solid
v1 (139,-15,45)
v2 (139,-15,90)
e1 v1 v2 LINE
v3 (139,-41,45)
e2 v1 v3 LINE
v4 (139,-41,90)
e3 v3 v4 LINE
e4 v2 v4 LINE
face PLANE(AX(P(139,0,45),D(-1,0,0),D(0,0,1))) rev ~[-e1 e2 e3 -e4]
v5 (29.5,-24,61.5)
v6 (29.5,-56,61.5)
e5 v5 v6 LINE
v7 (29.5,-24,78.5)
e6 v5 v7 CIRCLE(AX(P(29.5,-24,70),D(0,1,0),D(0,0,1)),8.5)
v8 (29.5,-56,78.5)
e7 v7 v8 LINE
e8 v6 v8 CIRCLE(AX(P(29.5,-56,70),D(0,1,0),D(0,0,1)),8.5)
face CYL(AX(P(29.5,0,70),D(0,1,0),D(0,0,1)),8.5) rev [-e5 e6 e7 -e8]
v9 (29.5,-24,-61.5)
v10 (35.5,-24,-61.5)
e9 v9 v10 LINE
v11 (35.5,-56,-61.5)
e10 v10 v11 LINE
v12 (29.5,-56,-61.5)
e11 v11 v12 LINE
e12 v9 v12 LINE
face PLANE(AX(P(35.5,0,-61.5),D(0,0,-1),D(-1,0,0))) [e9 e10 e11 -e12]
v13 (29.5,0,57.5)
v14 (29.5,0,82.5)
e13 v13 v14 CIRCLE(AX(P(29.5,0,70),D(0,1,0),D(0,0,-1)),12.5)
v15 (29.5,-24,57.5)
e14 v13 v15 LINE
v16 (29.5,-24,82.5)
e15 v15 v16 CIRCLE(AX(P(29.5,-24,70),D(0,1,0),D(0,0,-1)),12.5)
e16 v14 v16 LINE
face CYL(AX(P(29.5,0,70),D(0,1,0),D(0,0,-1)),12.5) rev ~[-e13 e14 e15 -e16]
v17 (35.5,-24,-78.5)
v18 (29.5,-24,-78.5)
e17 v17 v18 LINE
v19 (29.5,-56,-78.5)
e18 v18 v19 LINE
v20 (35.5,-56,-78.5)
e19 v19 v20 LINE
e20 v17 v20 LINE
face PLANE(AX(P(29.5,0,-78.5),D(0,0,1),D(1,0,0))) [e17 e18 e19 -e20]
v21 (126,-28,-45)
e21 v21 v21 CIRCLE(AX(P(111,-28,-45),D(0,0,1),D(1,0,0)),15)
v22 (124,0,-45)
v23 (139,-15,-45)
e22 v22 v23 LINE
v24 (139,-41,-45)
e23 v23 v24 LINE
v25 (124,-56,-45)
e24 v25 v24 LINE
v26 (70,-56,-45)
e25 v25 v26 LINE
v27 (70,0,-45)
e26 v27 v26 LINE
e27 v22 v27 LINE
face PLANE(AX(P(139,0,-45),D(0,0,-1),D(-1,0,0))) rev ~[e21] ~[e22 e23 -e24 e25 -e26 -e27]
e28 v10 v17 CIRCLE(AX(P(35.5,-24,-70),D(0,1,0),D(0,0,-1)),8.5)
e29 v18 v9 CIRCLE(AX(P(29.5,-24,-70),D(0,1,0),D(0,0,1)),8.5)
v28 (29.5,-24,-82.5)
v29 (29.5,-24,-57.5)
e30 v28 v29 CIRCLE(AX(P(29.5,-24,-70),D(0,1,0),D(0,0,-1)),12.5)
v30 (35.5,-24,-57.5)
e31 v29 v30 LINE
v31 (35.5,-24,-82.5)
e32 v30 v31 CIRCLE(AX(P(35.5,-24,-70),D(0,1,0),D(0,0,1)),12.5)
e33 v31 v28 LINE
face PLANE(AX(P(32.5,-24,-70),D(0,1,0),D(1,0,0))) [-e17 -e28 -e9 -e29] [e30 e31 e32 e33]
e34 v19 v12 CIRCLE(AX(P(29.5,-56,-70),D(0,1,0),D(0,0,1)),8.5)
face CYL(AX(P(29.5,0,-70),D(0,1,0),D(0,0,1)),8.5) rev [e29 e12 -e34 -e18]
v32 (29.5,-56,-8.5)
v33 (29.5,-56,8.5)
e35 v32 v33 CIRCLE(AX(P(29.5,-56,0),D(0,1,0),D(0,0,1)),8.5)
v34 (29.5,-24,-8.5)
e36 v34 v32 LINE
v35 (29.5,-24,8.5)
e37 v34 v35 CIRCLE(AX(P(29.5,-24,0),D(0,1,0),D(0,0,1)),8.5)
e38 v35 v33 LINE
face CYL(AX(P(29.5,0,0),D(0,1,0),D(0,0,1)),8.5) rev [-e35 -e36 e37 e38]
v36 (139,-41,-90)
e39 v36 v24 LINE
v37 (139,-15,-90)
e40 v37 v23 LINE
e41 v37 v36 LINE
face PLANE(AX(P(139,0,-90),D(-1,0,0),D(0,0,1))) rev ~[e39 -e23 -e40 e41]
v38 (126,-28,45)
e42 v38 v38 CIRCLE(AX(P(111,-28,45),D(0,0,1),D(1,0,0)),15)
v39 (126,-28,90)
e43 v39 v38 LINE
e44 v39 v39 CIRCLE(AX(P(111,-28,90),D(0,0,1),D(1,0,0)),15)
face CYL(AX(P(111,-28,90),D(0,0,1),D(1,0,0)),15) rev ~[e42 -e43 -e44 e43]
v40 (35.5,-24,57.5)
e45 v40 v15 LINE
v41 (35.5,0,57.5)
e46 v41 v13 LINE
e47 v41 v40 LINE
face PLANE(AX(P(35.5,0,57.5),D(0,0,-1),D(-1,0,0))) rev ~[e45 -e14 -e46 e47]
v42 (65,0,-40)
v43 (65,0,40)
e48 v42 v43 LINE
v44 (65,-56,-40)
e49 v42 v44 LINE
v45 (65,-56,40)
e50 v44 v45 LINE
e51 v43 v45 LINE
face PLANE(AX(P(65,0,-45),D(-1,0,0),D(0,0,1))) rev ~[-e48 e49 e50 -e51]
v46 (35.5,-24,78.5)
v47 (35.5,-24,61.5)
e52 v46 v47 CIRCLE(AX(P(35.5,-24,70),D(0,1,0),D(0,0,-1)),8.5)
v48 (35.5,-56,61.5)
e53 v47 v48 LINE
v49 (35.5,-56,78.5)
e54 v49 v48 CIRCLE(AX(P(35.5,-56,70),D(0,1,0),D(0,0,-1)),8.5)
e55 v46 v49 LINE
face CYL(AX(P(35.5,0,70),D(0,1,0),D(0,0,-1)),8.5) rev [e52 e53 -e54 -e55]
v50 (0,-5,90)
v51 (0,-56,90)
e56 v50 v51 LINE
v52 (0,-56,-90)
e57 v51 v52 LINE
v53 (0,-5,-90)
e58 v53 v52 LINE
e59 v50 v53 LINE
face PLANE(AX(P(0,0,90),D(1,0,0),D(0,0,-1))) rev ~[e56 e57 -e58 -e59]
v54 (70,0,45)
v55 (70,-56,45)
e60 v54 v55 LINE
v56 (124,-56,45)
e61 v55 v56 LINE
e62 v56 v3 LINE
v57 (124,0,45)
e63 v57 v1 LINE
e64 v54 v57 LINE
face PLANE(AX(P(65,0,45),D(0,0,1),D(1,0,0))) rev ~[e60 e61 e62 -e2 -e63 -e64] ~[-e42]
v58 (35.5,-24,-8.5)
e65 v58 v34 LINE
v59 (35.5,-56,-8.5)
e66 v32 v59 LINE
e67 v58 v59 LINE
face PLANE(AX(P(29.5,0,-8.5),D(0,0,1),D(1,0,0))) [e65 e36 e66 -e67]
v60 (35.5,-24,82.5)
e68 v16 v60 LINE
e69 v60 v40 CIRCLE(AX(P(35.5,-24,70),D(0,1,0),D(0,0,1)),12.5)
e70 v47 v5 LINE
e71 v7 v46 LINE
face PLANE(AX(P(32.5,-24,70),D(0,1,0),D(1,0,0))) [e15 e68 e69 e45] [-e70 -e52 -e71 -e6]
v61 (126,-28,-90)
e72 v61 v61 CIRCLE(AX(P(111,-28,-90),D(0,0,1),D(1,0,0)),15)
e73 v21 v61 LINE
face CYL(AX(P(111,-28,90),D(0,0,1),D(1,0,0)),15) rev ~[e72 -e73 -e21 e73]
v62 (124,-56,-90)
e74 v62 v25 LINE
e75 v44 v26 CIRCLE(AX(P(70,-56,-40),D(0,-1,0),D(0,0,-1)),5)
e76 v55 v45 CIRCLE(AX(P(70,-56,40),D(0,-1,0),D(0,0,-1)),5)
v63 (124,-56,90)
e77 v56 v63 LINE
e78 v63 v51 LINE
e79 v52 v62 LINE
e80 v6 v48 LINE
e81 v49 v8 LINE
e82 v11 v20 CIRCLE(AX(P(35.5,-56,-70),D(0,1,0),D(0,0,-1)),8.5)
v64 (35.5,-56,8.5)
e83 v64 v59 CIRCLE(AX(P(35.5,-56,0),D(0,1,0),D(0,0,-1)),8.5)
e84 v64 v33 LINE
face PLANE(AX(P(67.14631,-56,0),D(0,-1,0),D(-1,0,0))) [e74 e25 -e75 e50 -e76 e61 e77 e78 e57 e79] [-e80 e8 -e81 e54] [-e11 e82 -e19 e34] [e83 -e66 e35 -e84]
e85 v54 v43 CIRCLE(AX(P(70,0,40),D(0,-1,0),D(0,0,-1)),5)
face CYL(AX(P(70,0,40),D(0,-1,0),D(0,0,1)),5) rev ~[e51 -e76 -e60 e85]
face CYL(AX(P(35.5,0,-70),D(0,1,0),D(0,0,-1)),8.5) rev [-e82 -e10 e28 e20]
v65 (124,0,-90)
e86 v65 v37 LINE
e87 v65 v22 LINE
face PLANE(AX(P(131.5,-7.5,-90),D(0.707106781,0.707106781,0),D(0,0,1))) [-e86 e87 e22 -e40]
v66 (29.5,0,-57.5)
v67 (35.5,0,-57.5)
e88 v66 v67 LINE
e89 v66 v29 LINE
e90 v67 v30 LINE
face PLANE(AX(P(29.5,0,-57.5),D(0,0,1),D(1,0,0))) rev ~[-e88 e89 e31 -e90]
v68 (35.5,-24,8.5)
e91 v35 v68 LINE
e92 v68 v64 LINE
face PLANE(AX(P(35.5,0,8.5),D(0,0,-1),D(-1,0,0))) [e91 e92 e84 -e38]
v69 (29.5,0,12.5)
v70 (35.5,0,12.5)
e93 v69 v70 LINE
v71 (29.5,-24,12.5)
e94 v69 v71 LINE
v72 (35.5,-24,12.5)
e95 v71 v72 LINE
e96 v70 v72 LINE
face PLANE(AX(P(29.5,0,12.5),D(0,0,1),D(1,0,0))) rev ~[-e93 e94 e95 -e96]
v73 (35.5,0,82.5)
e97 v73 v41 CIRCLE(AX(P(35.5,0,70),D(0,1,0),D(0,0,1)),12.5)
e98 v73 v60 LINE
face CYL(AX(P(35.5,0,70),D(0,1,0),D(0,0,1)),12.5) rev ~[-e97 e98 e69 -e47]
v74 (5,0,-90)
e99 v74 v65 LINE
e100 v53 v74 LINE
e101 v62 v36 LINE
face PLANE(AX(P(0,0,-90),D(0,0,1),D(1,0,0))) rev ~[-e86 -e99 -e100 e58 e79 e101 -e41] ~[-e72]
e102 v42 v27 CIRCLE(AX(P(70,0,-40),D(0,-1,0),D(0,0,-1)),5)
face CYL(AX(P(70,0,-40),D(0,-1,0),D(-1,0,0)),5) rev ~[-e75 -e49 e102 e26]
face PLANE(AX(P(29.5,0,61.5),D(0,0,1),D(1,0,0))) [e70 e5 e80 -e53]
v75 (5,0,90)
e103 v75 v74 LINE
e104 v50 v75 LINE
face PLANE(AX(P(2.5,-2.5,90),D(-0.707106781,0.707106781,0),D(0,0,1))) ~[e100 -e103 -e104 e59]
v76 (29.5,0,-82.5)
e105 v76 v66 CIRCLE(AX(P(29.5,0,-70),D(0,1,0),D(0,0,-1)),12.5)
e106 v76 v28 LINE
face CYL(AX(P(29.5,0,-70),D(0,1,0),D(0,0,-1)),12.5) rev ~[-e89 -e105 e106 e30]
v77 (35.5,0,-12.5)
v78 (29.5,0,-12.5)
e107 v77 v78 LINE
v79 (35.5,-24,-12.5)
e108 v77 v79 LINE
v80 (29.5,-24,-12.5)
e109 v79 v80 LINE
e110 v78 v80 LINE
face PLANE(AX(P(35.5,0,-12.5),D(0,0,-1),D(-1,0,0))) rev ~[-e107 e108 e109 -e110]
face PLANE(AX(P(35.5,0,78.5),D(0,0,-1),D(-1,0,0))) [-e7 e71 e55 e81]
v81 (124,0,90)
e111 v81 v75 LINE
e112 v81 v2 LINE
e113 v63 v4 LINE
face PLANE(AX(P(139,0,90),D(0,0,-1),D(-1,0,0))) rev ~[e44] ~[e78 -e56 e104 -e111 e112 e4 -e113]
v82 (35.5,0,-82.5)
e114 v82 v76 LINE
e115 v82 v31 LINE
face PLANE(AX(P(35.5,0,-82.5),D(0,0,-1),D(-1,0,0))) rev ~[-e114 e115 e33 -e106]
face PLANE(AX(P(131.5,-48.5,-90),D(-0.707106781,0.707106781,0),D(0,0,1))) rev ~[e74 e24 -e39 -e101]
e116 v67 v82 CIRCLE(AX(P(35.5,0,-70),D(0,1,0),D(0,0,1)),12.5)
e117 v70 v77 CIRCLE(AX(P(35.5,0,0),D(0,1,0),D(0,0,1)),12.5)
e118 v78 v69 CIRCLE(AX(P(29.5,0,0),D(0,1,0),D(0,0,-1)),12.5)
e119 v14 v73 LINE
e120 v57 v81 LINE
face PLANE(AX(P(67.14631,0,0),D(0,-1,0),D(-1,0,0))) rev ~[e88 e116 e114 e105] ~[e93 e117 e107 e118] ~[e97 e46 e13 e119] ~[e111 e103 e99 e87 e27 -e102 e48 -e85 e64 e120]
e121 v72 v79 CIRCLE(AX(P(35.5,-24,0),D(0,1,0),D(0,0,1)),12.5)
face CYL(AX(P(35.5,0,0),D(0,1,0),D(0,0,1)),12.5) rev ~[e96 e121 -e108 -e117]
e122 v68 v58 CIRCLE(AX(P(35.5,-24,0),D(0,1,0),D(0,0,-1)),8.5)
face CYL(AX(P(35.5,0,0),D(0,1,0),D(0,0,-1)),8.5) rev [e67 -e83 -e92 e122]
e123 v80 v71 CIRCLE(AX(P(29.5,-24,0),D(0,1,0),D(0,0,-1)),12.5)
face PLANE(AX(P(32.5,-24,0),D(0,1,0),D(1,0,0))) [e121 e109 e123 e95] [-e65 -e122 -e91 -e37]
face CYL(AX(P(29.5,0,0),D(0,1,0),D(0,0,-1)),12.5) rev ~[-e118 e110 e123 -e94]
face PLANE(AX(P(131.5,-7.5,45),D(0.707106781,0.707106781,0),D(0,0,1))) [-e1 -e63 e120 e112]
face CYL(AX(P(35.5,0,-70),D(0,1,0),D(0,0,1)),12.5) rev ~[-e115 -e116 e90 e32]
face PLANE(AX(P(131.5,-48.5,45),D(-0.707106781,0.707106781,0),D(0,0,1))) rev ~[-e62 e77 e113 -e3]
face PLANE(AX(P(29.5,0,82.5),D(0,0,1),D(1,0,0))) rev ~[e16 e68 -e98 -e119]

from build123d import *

# Parameters (mm, degrees)
EXTRUDE_1_DEPTH        = 56
CUT_EXTRUDE_1_REACH    = 176.806
CUT_EXTRUDE_2_DEPTH    = 24
PATTERN_LINEAR_1_COUNT = 3
PATTERN_LINEAR_1_PITCH = 70
SKETCH_4_R             = 15
CUT_EXTRUDE_3_DEPTH    = 235.215712539
CHAMFER_1_SIZE         = 5
CHAMFER_2_SIZE         = 15
FILLET_1_R             = 5


with BuildPart() as part:
    # 草图1 → 凸台-拉伸1 (new body)
    with BuildSketch(Plane(origin=(0, 0, 0), x_dir=(1, 0, 0), z_dir=(0, 1, 0))):
        Polygon((0, -90), (0, 90), (139, 90), (139, 45), (65, 45), (65, -45), (139, -45), (139, -90), align=None)
    extrude(amount=-EXTRUDE_1_DEPTH)

    # 草图2 → 切除-拉伸1 (cut, up to next)
    with BuildSketch(Plane(origin=(0, 0, 0), x_dir=(1, 0, 0), z_dir=(0, 1, 0)), mode=Mode.PRIVATE) as cut_extrude_1_sk1:
        with BuildLine():
            Line((29.5, 78.5), (35.5, 78.5))
            ThreePointArc((35.5, 78.5), (44, 70), (35.5, 61.5))
            Line((35.5, 61.5), (29.5, 61.5))
            ThreePointArc((29.5, 61.5), (21, 70), (29.5, 78.5))
        make_face()
    cut_extrude_1_tool1 = extrude(cut_extrude_1_sk1.sketch, amount=-CUT_EXTRUDE_1_REACH, mode=Mode.PRIVATE) & part.part
    cut_extrude_1 = cut_extrude_1_tool1.solids().sort_by_distance((32.5, 0, -70))[0]
    add(cut_extrude_1, mode=Mode.SUBTRACT)

    # 草图3 → 切除-拉伸2 (cut)
    with BuildSketch(Plane(origin=(0, 0, 0), x_dir=(1, 0, 0), z_dir=(0, 1, 0))):
        with BuildLine():
            Line((29.5, 57.5), (35.5, 57.5))
            ThreePointArc((35.5, 57.5), (48, 70), (35.5, 82.5))
            Line((35.5, 82.5), (29.5, 82.5))
            ThreePointArc((29.5, 82.5), (17, 70), (29.5, 57.5))
        make_face()
    cut_extrude_2 = extrude(amount=-CUT_EXTRUDE_2_DEPTH, mode=Mode.SUBTRACT)

    # 阵列(线性)1: 切除-拉伸1, 切除-拉伸2 ×3
    with Locations(*[(0, 0, i * PATTERN_LINEAR_1_PITCH) for i in range(1, PATTERN_LINEAR_1_COUNT)]):
        add(cut_extrude_1, mode=Mode.SUBTRACT)
        add(cut_extrude_2, mode=Mode.SUBTRACT)

    # 草图4 → 切除-拉伸3 (cut, through all)
    with BuildSketch(Plane.XY.offset(90)):
        with Locations((111, -28)):
            Circle(SKETCH_4_R)
    extrude(amount=-CUT_EXTRUDE_3_DEPTH, mode=Mode.SUBTRACT)

    # 倒角1
    chamfer_1_edges = [part.edges().sort_by_distance(p)[0] for p in [
        (0, 0, 0),
    ]]
    chamfer(chamfer_1_edges, length=CHAMFER_1_SIZE)

    # 倒角2
    chamfer_2_edges = [part.edges().sort_by_distance(p)[0] for p in [
        (139, -56, 67.5),
        (139, -56, -67.5),
        (139, 0, -67.5),
        (139, 0, 67.5),
    ]]
    chamfer(chamfer_2_edges, length=CHAMFER_2_SIZE)

    # 圆角1
    fillet_1_edges = [part.edges().sort_by_distance(p)[0] for p in [
        (65, -28, -45),
        (65, -28, 45),
    ]]
    fillet(fillet_1_edges, radius=FILLET_1_R)


solid = part.part
